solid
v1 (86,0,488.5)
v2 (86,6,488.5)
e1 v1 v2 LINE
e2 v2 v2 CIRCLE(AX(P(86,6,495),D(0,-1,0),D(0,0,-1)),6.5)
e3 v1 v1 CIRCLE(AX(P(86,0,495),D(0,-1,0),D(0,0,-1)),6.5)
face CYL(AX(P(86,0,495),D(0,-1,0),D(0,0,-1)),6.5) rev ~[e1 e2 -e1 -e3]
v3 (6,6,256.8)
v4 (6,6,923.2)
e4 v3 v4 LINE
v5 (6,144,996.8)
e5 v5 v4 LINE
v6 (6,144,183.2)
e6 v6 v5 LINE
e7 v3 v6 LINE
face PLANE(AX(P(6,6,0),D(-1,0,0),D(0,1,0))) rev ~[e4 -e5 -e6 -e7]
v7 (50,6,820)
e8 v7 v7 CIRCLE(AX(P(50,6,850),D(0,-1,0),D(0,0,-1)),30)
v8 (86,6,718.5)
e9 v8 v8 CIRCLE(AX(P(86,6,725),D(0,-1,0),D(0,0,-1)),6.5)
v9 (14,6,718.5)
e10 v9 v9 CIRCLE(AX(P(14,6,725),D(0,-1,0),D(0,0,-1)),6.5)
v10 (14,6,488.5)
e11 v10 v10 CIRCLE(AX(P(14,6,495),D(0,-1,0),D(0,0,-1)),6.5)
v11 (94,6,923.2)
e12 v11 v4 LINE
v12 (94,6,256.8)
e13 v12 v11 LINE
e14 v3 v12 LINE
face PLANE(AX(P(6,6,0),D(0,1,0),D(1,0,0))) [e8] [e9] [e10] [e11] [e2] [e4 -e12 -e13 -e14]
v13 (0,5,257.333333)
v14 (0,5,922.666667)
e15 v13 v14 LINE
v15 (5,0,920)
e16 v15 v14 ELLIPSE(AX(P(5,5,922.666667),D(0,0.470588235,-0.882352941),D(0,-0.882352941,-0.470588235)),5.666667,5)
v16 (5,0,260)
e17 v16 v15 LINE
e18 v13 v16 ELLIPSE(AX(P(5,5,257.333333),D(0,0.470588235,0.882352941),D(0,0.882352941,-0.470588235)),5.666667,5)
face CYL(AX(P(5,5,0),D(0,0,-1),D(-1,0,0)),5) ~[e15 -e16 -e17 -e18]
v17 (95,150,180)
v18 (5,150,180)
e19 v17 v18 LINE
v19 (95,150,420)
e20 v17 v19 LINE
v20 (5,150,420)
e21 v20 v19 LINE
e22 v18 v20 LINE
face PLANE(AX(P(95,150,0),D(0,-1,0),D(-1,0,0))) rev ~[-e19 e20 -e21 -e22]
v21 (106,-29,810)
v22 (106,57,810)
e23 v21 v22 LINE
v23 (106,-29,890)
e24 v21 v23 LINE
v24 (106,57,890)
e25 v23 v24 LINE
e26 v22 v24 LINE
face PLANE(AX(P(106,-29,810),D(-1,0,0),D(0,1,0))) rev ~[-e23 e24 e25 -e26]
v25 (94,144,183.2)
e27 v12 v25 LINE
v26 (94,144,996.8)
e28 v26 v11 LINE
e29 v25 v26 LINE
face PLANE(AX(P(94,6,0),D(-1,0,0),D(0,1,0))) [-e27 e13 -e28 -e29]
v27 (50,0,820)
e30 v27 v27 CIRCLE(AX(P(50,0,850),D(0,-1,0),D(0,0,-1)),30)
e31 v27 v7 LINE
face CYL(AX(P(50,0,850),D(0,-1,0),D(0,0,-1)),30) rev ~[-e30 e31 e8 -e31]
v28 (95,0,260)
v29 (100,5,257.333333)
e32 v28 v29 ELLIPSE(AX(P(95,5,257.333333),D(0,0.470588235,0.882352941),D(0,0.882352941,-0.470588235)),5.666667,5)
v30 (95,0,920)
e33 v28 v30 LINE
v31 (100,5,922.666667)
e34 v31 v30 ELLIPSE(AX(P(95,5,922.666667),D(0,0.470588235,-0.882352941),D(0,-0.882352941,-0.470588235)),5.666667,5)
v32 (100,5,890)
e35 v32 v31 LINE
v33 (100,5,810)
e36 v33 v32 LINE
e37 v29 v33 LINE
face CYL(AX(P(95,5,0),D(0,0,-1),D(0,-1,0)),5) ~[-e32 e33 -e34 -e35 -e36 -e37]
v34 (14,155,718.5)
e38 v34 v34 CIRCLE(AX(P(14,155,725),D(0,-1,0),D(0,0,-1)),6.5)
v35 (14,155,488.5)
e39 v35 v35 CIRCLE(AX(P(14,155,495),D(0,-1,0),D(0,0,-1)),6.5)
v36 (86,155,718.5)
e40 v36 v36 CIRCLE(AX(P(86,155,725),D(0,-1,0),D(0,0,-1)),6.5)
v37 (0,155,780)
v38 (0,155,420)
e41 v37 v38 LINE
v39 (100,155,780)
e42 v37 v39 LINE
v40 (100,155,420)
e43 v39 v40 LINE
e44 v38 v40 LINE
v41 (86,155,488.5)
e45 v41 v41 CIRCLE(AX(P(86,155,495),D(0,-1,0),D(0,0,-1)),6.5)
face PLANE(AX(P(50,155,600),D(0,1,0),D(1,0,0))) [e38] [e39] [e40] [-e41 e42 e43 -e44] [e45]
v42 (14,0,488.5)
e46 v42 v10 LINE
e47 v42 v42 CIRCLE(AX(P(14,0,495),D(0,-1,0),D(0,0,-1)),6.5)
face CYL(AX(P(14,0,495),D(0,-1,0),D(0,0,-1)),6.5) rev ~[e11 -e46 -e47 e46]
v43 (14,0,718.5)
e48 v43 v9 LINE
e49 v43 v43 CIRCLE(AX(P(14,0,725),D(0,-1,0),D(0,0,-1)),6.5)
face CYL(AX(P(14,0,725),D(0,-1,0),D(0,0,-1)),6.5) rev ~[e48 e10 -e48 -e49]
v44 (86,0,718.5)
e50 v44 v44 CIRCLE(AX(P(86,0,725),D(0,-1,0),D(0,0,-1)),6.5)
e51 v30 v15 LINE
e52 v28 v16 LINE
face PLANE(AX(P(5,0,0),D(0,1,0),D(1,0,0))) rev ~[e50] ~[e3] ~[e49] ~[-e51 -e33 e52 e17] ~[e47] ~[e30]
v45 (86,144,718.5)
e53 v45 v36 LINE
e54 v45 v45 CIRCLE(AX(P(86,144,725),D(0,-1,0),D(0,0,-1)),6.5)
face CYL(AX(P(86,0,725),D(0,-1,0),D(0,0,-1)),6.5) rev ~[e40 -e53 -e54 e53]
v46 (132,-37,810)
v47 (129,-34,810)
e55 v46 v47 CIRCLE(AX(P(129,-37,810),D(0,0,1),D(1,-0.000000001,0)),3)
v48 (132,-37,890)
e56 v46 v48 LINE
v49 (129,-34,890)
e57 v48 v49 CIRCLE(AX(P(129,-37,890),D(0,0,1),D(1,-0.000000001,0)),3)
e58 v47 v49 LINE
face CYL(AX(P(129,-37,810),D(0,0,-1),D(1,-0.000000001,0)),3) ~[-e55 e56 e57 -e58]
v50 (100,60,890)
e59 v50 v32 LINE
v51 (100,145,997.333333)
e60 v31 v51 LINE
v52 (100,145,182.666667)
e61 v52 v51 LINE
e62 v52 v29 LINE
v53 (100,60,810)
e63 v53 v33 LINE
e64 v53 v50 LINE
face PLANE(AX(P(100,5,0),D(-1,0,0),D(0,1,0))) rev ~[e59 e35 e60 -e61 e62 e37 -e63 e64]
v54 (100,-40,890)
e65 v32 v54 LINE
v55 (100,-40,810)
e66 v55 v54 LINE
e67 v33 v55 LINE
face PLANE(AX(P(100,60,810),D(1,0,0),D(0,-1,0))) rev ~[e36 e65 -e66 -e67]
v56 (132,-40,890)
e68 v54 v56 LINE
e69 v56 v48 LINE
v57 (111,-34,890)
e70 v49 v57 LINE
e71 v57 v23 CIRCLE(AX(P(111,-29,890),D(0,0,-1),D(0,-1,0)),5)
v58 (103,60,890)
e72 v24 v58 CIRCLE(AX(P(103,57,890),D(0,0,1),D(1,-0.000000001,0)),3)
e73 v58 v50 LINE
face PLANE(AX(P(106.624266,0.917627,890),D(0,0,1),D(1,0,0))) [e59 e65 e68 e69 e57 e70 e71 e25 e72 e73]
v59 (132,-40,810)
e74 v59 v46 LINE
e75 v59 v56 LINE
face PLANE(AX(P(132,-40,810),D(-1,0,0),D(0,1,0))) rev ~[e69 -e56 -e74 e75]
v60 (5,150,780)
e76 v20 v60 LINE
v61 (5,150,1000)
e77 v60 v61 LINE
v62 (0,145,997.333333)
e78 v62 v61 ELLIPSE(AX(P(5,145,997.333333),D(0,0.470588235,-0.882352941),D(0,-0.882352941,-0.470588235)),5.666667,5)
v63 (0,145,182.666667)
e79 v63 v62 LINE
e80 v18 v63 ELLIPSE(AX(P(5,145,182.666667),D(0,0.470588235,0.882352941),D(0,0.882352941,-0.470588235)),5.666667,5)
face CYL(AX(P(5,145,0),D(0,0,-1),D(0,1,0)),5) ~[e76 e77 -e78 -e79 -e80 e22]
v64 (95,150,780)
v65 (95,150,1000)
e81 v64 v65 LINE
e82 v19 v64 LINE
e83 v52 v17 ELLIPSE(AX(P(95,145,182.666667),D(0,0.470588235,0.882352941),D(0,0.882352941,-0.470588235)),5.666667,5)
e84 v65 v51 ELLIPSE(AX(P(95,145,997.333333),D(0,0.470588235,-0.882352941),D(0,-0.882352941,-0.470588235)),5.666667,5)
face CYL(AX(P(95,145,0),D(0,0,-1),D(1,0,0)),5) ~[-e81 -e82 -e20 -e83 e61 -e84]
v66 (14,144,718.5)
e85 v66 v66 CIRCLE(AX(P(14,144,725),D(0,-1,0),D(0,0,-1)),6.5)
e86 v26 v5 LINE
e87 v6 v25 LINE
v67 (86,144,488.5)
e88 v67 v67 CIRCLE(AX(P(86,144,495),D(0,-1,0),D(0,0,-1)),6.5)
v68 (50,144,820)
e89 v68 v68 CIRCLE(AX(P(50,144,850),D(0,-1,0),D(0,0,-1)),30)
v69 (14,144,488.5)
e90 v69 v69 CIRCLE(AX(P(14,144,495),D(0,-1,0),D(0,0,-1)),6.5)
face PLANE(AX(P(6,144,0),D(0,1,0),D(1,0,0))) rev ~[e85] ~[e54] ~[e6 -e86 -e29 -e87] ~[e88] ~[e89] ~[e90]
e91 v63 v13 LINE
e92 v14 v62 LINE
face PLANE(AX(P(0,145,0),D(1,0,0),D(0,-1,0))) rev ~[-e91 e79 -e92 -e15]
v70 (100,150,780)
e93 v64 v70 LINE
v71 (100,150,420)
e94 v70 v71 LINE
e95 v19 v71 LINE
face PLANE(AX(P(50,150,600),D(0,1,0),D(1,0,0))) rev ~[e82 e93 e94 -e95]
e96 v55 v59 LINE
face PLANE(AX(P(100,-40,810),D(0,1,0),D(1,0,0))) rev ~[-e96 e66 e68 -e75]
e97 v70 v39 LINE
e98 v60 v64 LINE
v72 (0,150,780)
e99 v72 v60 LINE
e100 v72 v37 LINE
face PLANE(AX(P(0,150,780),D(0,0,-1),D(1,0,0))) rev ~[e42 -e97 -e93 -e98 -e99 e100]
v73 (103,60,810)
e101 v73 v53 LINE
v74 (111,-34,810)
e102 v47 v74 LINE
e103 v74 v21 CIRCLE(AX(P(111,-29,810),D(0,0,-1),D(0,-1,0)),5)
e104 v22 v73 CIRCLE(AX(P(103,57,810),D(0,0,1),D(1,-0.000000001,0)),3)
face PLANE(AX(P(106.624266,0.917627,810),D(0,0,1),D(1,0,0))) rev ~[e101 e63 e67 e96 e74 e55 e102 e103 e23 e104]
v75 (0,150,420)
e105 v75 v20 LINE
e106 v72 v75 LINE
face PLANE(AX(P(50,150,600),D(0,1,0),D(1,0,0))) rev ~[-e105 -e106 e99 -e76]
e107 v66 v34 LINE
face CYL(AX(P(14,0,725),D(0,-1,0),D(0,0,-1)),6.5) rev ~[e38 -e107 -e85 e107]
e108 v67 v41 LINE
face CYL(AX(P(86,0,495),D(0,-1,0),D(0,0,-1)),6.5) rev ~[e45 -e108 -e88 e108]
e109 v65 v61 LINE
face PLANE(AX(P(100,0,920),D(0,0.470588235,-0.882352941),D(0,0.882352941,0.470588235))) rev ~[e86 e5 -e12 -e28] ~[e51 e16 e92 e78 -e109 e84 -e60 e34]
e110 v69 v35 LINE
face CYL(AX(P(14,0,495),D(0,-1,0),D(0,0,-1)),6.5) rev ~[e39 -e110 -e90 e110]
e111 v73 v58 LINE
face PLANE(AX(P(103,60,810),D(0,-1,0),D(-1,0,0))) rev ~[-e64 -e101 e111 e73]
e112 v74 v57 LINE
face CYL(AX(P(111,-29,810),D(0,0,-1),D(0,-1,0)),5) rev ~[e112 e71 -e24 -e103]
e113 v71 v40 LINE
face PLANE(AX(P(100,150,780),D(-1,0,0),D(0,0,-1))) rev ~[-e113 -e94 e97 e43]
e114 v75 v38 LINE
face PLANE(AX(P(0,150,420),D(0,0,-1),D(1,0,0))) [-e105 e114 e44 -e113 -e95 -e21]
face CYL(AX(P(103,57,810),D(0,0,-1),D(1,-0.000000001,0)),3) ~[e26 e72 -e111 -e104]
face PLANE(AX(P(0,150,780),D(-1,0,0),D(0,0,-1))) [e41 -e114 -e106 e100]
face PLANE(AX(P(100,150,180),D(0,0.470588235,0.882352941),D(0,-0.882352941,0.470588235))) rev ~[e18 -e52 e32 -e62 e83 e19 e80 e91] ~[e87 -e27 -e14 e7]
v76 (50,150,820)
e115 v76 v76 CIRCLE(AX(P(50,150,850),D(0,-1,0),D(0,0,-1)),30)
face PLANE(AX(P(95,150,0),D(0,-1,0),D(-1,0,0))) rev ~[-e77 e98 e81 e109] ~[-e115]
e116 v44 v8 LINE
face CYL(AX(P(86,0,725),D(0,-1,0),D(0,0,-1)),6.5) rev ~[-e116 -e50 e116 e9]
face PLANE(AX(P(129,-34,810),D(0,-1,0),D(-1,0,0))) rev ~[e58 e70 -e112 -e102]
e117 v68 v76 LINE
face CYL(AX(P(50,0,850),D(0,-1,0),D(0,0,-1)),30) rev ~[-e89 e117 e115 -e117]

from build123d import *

# Parameters (mm, degrees)
SCHIZZO1_W                = 88
SCHIZZO1_H                = 138
ESTRUSIONE_SOTTILE1_DEPTH = 1000
ESTRUSIONE1_DEPTH         = 1017.120071645
ESTRUSIONE2_DEPTH         = 1017.120071645
SCHIZZO4_R                = 30
ESTRUSIONE3_DEPTH         = 1017.120071645
SCHIZZO7_W                = 100
SCHIZZO7_H                = 360
ESTRUSIONE6_DEPTH         = 5
SCHIZZO6_R                = 6.5
ESTRUSIONE5_DEPTH         = 1017.870198206
ESTRUSIONE7_DEPTH         = 40
ESTRUSIONE7_DEPTH_BACK    = 40


with BuildPart() as part:
    # Schizzo1 → Estrusione-Sottile1 (new body)
    with BuildSketch(Plane.XY):
        with BuildLine():
            Line((5, 0), (95, 0))
            ThreePointArc((95, 0), (98.535533906, 1.464466094), (100, 5))
            Line((100, 5), (100, 145))
            ThreePointArc((100, 145), (98.535533906, 148.535533906), (95, 150))
            Line((95, 150), (5, 150))
            ThreePointArc((5, 150), (1.464466094, 148.535533906), (0, 145))
            Line((0, 145), (0, 5))
            ThreePointArc((0, 5), (1.464466094, 1.464466094), (5, 0))
        make_face()
        with Locations((50, 75)):
            Rectangle(SCHIZZO1_W, SCHIZZO1_H, mode=Mode.SUBTRACT)
    extrude(amount=ESTRUSIONE_SOTTILE1_DEPTH)

    # Schizzo2 → Estrusione1 (cut, through all)
    with BuildSketch(Plane(origin=(100, 0, 0), x_dir=(0, 0, -1), z_dir=(1, 0, 0))):
        Polygon((-920, 0), (-1000, 150), (-1000, 0), align=None)
    extrude(amount=-ESTRUSIONE1_DEPTH, mode=Mode.SUBTRACT)

    # Schizzo3 → Estrusione2 (cut, through all)
    with BuildSketch(Plane(origin=(100, 0, 0), x_dir=(0, 0, -1), z_dir=(1, 0, 0))):
        Polygon((-180, 150), (-260, 0), (0, 0), (0, 150), align=None)
    extrude(amount=-ESTRUSIONE2_DEPTH, mode=Mode.SUBTRACT)

    # Schizzo4 → Estrusione3 (cut, through all)
    with BuildSketch(Plane.XZ):
        with Locations(Location((50, 850, 0), (0, 0, 270))):
            Circle(SCHIZZO4_R)
    extrude(amount=-ESTRUSIONE3_DEPTH, mode=Mode.SUBTRACT)

    # Schizzo7 → Estrusione6 (add)
    with BuildSketch(Plane(origin=(0, 150, 0), x_dir=(1, 0, 0), z_dir=(0, 1, 0))):
        with Locations((50, -600)):
            Rectangle(SCHIZZO7_W, SCHIZZO7_H)
    extrude(amount=ESTRUSIONE6_DEPTH)

    # Schizzo6 → Estrusione5 (cut, through all)
    with BuildSketch(Plane.XZ):
        with Locations(Location((14, 725, 0), (0, 0, 270))):
            Circle(SCHIZZO6_R)
        with Locations(Location((14, 495, 0), (0, 0, 270))):
            Circle(SCHIZZO6_R)
        with Locations(Location((86, 495, 0), (0, 0, 270))):
            Circle(SCHIZZO6_R)
        with Locations(Location((86, 725, 0), (0, 0, 270))):
            Circle(SCHIZZO6_R)
    extrude(amount=-ESTRUSIONE5_DEPTH, mode=Mode.SUBTRACT)

    # Schizzo9 → Estrusione7 (add, two sides: drawn at the far end of the back side and taken through both)
    with BuildSketch(Plane.XY.offset(850).offset(-ESTRUSIONE7_DEPTH_BACK)):
        with BuildLine():
            Line((100, 60), (100, -40))
            Line((100, -40), (132, -40))
            Line((132, -40), (132, -37))
            ThreePointArc((132, -37), (131.121320344, -34.878679656), (129, -34))
            Line((129, -34), (111, -34))
            ThreePointArc((111, -34), (107.464466094, -32.535533906), (106, -29))
            Line((106, -29), (106, 57))
            ThreePointArc((106, 57), (105.121320344, 59.121320344), (103, 60))
            Line((103, 60), (100, 60))
        make_face()
    extrude(amount=ESTRUSIONE7_DEPTH + ESTRUSIONE7_DEPTH_BACK)


solid = part.part
